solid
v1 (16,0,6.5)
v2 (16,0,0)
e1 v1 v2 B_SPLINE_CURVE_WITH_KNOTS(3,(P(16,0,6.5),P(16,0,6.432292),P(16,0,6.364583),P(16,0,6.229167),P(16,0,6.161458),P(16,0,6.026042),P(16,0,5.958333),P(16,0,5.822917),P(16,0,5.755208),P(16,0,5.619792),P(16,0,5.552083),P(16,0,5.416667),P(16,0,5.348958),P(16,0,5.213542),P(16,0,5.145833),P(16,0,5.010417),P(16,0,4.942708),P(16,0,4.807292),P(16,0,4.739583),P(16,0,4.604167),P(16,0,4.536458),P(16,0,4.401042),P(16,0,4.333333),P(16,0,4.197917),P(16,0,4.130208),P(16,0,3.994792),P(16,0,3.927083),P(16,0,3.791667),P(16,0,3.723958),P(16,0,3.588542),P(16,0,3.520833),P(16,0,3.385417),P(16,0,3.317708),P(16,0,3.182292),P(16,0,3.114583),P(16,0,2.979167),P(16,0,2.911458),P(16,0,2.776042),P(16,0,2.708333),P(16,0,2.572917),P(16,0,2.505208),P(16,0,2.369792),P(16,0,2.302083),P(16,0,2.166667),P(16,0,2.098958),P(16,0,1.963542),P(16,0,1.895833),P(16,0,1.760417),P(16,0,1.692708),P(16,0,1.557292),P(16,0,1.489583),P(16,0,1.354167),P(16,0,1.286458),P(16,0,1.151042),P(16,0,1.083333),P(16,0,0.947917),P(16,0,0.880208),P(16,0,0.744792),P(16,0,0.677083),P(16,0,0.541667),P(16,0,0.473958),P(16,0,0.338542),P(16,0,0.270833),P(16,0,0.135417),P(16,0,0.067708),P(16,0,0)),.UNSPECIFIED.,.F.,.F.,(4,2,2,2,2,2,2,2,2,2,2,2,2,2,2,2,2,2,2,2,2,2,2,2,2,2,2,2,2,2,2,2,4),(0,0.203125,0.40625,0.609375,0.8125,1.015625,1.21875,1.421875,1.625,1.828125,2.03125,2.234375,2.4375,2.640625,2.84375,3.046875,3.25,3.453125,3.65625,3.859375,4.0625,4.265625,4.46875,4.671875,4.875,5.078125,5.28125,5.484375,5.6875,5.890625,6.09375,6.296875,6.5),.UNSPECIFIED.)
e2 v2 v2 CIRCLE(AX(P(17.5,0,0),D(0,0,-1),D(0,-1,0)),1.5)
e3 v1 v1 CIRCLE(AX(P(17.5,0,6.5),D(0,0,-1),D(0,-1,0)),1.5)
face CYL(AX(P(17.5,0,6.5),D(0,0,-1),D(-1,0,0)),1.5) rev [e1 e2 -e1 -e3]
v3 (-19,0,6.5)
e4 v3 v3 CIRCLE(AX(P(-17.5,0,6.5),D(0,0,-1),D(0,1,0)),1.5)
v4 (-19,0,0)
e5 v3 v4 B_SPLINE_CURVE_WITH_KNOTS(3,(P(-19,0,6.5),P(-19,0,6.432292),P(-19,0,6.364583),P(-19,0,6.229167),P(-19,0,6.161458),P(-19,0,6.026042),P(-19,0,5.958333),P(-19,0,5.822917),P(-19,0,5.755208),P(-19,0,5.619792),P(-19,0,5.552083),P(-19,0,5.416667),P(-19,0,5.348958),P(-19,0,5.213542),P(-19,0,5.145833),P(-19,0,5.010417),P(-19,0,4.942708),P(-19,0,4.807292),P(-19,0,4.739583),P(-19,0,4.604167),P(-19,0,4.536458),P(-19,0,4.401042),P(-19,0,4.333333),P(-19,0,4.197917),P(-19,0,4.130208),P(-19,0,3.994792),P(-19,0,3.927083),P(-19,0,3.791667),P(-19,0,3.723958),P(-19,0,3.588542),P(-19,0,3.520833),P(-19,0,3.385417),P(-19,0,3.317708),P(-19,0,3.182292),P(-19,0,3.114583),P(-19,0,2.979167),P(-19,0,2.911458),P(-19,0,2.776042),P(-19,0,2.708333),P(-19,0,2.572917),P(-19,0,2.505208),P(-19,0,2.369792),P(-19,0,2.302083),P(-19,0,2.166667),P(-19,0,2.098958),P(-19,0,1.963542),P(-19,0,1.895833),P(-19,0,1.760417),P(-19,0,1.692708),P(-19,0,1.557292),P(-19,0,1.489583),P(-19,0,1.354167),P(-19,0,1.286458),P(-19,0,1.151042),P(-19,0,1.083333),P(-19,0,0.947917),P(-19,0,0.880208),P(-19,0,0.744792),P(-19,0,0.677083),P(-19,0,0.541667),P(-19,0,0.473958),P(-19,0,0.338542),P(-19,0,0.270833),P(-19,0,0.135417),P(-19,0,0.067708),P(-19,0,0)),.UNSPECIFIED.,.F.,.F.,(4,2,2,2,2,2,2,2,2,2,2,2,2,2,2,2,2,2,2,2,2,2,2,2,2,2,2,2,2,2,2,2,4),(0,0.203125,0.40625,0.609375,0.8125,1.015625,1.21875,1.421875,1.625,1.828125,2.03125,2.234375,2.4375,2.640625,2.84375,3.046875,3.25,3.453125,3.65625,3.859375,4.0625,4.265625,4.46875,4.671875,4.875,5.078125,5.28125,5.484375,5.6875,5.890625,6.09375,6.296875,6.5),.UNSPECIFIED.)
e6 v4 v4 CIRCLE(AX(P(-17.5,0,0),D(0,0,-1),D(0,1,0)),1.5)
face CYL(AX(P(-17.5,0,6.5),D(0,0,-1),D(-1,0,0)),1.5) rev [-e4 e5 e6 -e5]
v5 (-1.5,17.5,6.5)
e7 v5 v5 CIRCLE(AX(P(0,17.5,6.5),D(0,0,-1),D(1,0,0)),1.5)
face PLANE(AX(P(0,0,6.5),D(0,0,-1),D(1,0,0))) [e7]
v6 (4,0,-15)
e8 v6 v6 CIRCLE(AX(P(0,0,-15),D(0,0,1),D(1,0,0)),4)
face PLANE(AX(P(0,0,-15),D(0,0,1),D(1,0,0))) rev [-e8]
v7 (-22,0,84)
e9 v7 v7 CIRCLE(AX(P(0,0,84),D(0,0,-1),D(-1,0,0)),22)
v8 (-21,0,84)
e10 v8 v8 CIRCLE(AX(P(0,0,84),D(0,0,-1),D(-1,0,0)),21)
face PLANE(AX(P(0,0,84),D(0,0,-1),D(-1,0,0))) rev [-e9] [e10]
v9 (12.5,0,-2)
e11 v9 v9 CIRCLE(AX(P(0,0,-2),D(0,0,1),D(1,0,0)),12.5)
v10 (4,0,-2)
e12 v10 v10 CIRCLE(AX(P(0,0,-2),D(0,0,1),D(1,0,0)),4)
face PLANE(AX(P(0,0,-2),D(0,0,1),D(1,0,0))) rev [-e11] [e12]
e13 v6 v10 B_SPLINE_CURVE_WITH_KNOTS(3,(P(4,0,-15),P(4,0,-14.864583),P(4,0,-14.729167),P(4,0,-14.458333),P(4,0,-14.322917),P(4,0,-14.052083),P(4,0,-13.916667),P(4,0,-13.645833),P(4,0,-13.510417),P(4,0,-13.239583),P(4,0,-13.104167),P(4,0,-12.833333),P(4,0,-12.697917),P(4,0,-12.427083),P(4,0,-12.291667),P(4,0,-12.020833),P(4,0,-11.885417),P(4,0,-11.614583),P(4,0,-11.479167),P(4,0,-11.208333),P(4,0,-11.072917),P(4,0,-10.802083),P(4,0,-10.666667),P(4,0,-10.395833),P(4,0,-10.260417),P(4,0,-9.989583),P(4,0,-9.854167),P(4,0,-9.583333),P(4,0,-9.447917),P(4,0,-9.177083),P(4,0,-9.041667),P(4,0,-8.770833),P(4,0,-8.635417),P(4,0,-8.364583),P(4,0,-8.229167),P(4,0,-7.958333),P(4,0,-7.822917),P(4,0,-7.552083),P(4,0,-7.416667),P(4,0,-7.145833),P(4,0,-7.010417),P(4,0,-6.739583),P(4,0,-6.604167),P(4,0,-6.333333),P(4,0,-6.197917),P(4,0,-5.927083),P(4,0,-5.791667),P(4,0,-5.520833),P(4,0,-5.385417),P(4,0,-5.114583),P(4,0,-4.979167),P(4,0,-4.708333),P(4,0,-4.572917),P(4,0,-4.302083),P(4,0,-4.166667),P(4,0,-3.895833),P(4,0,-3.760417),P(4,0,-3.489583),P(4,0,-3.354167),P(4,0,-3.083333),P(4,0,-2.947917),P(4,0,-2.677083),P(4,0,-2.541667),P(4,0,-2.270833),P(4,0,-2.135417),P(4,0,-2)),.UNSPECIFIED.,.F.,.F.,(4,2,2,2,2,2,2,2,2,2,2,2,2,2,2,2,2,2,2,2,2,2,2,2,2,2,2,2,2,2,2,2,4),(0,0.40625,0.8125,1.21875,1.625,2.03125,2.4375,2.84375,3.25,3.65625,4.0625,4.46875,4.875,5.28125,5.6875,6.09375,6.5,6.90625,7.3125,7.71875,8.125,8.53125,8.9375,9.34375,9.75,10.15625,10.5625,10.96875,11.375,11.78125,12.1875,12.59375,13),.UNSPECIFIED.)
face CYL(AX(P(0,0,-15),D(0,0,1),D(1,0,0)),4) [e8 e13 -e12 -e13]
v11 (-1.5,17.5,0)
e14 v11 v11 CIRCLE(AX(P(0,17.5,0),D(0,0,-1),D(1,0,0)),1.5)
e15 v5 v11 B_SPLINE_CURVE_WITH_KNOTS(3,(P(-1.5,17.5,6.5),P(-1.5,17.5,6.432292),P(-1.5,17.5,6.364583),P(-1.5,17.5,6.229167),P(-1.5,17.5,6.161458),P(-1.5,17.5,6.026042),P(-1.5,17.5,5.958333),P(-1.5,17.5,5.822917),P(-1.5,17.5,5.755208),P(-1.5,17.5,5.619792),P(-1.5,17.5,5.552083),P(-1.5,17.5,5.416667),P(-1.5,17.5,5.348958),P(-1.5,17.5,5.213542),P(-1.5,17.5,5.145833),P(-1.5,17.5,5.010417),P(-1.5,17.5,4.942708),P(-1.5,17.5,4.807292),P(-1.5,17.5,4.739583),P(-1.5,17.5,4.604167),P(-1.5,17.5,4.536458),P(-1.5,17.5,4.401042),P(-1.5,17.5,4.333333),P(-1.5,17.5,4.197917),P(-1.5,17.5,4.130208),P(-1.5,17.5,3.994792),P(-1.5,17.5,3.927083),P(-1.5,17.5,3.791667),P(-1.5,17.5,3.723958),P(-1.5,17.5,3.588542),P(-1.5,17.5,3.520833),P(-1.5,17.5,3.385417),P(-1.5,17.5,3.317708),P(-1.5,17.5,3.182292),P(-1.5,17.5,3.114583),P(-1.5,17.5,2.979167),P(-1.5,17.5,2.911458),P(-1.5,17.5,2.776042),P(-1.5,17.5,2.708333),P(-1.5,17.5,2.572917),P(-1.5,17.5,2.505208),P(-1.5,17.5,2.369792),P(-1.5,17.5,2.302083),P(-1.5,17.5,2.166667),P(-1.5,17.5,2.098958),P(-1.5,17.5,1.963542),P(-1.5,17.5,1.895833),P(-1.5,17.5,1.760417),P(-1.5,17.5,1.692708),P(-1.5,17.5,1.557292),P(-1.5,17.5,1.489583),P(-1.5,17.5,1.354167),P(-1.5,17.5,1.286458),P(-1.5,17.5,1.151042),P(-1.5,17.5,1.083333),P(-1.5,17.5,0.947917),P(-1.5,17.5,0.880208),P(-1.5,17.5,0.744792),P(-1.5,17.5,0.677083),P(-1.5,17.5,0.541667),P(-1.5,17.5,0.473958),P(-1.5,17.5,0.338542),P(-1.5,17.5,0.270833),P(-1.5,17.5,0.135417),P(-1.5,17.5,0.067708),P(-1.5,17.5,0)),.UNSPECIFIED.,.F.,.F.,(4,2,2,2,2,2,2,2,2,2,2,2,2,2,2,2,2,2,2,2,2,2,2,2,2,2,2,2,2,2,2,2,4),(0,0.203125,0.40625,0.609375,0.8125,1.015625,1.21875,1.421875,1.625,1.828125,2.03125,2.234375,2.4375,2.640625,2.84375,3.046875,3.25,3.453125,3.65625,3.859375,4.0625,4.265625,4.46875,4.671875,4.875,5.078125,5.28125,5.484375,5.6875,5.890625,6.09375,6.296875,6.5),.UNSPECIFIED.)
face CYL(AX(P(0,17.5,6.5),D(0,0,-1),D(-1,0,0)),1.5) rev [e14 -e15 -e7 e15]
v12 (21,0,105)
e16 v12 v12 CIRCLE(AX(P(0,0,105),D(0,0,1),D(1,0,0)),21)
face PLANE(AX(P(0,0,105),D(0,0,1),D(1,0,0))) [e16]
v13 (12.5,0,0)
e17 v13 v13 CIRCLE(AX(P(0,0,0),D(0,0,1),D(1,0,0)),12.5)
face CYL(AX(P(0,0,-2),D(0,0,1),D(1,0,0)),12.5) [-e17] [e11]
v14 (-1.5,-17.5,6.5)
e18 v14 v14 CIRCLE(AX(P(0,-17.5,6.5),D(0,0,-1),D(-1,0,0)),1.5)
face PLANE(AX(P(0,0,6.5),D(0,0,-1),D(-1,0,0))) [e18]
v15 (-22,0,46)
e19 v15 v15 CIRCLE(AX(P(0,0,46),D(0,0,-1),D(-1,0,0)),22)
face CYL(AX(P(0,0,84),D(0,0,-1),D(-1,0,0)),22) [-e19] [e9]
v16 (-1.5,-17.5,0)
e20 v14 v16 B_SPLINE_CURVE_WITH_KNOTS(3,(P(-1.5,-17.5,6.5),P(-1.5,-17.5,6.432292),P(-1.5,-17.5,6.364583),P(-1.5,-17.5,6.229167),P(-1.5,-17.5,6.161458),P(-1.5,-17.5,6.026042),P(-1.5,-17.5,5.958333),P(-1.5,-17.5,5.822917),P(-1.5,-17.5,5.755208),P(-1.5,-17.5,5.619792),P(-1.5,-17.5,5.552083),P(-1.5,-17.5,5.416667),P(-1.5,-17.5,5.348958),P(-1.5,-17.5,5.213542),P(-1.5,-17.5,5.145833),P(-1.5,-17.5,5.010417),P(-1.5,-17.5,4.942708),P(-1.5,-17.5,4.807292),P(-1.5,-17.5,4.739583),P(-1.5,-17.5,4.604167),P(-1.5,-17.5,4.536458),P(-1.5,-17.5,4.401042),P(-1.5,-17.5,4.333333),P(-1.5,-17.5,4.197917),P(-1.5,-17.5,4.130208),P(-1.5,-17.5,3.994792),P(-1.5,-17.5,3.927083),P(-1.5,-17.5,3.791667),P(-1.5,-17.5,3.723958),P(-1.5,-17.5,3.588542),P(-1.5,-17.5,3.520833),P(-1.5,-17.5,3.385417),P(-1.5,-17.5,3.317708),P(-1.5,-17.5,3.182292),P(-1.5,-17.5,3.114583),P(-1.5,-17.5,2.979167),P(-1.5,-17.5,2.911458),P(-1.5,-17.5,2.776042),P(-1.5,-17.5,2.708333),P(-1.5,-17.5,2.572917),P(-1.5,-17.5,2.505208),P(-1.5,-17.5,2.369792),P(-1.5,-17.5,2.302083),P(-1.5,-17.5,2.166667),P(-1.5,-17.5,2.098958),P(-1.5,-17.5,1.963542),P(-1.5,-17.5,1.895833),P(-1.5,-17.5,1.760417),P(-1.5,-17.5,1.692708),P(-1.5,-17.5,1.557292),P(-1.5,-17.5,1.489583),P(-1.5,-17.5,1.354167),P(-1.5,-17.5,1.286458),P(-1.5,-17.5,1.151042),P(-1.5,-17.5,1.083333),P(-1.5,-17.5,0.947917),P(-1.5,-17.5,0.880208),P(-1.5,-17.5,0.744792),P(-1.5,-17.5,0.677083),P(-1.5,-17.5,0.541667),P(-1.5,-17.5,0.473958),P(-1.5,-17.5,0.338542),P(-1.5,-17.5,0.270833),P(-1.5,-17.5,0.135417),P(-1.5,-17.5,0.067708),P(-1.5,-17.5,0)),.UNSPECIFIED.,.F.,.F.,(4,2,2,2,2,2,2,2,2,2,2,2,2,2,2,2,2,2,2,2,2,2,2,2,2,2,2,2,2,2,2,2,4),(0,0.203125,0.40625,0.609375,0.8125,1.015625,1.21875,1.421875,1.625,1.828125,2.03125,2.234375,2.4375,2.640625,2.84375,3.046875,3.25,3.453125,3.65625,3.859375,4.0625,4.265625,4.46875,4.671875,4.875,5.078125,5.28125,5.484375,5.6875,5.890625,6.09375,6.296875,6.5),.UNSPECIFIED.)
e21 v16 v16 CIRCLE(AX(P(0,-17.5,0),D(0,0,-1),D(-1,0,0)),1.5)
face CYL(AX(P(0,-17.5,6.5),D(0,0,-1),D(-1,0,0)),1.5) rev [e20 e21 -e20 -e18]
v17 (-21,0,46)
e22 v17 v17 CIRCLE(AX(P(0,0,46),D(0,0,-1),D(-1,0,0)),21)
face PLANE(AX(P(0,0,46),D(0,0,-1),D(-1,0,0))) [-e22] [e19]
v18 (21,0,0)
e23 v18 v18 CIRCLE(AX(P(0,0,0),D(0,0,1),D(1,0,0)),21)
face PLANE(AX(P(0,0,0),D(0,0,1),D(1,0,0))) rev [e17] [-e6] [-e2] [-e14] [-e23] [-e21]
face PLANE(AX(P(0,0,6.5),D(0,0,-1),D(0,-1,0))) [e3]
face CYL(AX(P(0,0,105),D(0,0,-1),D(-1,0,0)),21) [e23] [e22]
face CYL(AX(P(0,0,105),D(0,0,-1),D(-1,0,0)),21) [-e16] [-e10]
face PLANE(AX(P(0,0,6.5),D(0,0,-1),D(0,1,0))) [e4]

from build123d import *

# Parameters (mm, degrees)
SKETCH_1_R               = 21
SKETCH_1_R_2             = 4
SKETCH_1_R_3             = 12.5
EXTRUDE_1_DEPTH          = 105
EXTRUDE_START            = -46
SKETCH_3_R               = 22
EXTRUDE_3_DEPTH          = 38
SKETCH_1_4_R             = 12.5
SKETCH_1_4_R_2           = 4
EXTRUDE_4_DEPTH          = 2
EXTRUDE_START_2          = -2
SKETCH_1_5_R             = 4
EXTRUDE_5_DEPTH          = 13
SKETCH_4_R               = 1.5
CUT_EXTRUDE_1_DEPTH      = 6.5
PATTERN_CIRCULAR_1_COUNT = 4


with BuildPart() as part:
    # 스케치1 → 보스-돌출1 (new body)
    # profile 1 of 3: a face of its own
    with BuildSketch(Plane.XY):
        Circle(SKETCH_1_R)
        Circle(SKETCH_1_R_2, mode=Mode.SUBTRACT)
    # profile 2 of 3: a face of its own
    with BuildSketch(Plane.XY):
        Circle(SKETCH_1_R_3)
        Circle(SKETCH_1_R_2, mode=Mode.SUBTRACT)
    # profile 3 of 3: a face of its own
    with BuildSketch(Plane.XY):
        Circle(SKETCH_1_R_2)
    extrude(amount=EXTRUDE_1_DEPTH)

    # 스케치3 → 보스-돌출3 (add)
    with BuildSketch(Plane(origin=(0, 0, 0), x_dir=(-1, 0, 0), z_dir=(0, 0, -1)).offset(EXTRUDE_START)):
        Circle(SKETCH_3_R)
    extrude(amount=-EXTRUDE_3_DEPTH)

    # 스케치1<4> → 보스-돌출4 (add)
    # profile 1 of 2: a face of its own
    with BuildSketch(Plane.XY):
        Circle(SKETCH_1_4_R)
        Circle(SKETCH_1_4_R_2, mode=Mode.SUBTRACT)
    # profile 2 of 2: a face of its own
    with BuildSketch(Plane.XY):
        Circle(SKETCH_1_4_R_2)
    extrude(amount=-EXTRUDE_4_DEPTH)

    # 스케치1<5> → 보스-돌출5 (add)
    with BuildSketch(Plane.XY.offset(EXTRUDE_START_2)):
        Circle(SKETCH_1_5_R)
    extrude(amount=-EXTRUDE_5_DEPTH)

    # 스케치4 → 컷-돌출1 (cut)
    with BuildSketch(Plane(origin=(0, 0, 0), x_dir=(-1, 0, 0), z_dir=(0, 0, -1))):
        with Locations((0, -17.5)):
            Circle(SKETCH_4_R)
    cut_extrude_1 = extrude(amount=-CUT_EXTRUDE_1_DEPTH, mode=Mode.SUBTRACT)

    # 원형 패턴1: 컷-돌출1 ×4 about axis
    pattern_circular_1_axis = Axis((0, 0, 0), (0, 0, 1))
    for i in range(1, PATTERN_CIRCULAR_1_COUNT):
        add(cut_extrude_1.rotate(pattern_circular_1_axis, i * 360 / PATTERN_CIRCULAR_1_COUNT), mode=Mode.SUBTRACT)


solid = part.part
